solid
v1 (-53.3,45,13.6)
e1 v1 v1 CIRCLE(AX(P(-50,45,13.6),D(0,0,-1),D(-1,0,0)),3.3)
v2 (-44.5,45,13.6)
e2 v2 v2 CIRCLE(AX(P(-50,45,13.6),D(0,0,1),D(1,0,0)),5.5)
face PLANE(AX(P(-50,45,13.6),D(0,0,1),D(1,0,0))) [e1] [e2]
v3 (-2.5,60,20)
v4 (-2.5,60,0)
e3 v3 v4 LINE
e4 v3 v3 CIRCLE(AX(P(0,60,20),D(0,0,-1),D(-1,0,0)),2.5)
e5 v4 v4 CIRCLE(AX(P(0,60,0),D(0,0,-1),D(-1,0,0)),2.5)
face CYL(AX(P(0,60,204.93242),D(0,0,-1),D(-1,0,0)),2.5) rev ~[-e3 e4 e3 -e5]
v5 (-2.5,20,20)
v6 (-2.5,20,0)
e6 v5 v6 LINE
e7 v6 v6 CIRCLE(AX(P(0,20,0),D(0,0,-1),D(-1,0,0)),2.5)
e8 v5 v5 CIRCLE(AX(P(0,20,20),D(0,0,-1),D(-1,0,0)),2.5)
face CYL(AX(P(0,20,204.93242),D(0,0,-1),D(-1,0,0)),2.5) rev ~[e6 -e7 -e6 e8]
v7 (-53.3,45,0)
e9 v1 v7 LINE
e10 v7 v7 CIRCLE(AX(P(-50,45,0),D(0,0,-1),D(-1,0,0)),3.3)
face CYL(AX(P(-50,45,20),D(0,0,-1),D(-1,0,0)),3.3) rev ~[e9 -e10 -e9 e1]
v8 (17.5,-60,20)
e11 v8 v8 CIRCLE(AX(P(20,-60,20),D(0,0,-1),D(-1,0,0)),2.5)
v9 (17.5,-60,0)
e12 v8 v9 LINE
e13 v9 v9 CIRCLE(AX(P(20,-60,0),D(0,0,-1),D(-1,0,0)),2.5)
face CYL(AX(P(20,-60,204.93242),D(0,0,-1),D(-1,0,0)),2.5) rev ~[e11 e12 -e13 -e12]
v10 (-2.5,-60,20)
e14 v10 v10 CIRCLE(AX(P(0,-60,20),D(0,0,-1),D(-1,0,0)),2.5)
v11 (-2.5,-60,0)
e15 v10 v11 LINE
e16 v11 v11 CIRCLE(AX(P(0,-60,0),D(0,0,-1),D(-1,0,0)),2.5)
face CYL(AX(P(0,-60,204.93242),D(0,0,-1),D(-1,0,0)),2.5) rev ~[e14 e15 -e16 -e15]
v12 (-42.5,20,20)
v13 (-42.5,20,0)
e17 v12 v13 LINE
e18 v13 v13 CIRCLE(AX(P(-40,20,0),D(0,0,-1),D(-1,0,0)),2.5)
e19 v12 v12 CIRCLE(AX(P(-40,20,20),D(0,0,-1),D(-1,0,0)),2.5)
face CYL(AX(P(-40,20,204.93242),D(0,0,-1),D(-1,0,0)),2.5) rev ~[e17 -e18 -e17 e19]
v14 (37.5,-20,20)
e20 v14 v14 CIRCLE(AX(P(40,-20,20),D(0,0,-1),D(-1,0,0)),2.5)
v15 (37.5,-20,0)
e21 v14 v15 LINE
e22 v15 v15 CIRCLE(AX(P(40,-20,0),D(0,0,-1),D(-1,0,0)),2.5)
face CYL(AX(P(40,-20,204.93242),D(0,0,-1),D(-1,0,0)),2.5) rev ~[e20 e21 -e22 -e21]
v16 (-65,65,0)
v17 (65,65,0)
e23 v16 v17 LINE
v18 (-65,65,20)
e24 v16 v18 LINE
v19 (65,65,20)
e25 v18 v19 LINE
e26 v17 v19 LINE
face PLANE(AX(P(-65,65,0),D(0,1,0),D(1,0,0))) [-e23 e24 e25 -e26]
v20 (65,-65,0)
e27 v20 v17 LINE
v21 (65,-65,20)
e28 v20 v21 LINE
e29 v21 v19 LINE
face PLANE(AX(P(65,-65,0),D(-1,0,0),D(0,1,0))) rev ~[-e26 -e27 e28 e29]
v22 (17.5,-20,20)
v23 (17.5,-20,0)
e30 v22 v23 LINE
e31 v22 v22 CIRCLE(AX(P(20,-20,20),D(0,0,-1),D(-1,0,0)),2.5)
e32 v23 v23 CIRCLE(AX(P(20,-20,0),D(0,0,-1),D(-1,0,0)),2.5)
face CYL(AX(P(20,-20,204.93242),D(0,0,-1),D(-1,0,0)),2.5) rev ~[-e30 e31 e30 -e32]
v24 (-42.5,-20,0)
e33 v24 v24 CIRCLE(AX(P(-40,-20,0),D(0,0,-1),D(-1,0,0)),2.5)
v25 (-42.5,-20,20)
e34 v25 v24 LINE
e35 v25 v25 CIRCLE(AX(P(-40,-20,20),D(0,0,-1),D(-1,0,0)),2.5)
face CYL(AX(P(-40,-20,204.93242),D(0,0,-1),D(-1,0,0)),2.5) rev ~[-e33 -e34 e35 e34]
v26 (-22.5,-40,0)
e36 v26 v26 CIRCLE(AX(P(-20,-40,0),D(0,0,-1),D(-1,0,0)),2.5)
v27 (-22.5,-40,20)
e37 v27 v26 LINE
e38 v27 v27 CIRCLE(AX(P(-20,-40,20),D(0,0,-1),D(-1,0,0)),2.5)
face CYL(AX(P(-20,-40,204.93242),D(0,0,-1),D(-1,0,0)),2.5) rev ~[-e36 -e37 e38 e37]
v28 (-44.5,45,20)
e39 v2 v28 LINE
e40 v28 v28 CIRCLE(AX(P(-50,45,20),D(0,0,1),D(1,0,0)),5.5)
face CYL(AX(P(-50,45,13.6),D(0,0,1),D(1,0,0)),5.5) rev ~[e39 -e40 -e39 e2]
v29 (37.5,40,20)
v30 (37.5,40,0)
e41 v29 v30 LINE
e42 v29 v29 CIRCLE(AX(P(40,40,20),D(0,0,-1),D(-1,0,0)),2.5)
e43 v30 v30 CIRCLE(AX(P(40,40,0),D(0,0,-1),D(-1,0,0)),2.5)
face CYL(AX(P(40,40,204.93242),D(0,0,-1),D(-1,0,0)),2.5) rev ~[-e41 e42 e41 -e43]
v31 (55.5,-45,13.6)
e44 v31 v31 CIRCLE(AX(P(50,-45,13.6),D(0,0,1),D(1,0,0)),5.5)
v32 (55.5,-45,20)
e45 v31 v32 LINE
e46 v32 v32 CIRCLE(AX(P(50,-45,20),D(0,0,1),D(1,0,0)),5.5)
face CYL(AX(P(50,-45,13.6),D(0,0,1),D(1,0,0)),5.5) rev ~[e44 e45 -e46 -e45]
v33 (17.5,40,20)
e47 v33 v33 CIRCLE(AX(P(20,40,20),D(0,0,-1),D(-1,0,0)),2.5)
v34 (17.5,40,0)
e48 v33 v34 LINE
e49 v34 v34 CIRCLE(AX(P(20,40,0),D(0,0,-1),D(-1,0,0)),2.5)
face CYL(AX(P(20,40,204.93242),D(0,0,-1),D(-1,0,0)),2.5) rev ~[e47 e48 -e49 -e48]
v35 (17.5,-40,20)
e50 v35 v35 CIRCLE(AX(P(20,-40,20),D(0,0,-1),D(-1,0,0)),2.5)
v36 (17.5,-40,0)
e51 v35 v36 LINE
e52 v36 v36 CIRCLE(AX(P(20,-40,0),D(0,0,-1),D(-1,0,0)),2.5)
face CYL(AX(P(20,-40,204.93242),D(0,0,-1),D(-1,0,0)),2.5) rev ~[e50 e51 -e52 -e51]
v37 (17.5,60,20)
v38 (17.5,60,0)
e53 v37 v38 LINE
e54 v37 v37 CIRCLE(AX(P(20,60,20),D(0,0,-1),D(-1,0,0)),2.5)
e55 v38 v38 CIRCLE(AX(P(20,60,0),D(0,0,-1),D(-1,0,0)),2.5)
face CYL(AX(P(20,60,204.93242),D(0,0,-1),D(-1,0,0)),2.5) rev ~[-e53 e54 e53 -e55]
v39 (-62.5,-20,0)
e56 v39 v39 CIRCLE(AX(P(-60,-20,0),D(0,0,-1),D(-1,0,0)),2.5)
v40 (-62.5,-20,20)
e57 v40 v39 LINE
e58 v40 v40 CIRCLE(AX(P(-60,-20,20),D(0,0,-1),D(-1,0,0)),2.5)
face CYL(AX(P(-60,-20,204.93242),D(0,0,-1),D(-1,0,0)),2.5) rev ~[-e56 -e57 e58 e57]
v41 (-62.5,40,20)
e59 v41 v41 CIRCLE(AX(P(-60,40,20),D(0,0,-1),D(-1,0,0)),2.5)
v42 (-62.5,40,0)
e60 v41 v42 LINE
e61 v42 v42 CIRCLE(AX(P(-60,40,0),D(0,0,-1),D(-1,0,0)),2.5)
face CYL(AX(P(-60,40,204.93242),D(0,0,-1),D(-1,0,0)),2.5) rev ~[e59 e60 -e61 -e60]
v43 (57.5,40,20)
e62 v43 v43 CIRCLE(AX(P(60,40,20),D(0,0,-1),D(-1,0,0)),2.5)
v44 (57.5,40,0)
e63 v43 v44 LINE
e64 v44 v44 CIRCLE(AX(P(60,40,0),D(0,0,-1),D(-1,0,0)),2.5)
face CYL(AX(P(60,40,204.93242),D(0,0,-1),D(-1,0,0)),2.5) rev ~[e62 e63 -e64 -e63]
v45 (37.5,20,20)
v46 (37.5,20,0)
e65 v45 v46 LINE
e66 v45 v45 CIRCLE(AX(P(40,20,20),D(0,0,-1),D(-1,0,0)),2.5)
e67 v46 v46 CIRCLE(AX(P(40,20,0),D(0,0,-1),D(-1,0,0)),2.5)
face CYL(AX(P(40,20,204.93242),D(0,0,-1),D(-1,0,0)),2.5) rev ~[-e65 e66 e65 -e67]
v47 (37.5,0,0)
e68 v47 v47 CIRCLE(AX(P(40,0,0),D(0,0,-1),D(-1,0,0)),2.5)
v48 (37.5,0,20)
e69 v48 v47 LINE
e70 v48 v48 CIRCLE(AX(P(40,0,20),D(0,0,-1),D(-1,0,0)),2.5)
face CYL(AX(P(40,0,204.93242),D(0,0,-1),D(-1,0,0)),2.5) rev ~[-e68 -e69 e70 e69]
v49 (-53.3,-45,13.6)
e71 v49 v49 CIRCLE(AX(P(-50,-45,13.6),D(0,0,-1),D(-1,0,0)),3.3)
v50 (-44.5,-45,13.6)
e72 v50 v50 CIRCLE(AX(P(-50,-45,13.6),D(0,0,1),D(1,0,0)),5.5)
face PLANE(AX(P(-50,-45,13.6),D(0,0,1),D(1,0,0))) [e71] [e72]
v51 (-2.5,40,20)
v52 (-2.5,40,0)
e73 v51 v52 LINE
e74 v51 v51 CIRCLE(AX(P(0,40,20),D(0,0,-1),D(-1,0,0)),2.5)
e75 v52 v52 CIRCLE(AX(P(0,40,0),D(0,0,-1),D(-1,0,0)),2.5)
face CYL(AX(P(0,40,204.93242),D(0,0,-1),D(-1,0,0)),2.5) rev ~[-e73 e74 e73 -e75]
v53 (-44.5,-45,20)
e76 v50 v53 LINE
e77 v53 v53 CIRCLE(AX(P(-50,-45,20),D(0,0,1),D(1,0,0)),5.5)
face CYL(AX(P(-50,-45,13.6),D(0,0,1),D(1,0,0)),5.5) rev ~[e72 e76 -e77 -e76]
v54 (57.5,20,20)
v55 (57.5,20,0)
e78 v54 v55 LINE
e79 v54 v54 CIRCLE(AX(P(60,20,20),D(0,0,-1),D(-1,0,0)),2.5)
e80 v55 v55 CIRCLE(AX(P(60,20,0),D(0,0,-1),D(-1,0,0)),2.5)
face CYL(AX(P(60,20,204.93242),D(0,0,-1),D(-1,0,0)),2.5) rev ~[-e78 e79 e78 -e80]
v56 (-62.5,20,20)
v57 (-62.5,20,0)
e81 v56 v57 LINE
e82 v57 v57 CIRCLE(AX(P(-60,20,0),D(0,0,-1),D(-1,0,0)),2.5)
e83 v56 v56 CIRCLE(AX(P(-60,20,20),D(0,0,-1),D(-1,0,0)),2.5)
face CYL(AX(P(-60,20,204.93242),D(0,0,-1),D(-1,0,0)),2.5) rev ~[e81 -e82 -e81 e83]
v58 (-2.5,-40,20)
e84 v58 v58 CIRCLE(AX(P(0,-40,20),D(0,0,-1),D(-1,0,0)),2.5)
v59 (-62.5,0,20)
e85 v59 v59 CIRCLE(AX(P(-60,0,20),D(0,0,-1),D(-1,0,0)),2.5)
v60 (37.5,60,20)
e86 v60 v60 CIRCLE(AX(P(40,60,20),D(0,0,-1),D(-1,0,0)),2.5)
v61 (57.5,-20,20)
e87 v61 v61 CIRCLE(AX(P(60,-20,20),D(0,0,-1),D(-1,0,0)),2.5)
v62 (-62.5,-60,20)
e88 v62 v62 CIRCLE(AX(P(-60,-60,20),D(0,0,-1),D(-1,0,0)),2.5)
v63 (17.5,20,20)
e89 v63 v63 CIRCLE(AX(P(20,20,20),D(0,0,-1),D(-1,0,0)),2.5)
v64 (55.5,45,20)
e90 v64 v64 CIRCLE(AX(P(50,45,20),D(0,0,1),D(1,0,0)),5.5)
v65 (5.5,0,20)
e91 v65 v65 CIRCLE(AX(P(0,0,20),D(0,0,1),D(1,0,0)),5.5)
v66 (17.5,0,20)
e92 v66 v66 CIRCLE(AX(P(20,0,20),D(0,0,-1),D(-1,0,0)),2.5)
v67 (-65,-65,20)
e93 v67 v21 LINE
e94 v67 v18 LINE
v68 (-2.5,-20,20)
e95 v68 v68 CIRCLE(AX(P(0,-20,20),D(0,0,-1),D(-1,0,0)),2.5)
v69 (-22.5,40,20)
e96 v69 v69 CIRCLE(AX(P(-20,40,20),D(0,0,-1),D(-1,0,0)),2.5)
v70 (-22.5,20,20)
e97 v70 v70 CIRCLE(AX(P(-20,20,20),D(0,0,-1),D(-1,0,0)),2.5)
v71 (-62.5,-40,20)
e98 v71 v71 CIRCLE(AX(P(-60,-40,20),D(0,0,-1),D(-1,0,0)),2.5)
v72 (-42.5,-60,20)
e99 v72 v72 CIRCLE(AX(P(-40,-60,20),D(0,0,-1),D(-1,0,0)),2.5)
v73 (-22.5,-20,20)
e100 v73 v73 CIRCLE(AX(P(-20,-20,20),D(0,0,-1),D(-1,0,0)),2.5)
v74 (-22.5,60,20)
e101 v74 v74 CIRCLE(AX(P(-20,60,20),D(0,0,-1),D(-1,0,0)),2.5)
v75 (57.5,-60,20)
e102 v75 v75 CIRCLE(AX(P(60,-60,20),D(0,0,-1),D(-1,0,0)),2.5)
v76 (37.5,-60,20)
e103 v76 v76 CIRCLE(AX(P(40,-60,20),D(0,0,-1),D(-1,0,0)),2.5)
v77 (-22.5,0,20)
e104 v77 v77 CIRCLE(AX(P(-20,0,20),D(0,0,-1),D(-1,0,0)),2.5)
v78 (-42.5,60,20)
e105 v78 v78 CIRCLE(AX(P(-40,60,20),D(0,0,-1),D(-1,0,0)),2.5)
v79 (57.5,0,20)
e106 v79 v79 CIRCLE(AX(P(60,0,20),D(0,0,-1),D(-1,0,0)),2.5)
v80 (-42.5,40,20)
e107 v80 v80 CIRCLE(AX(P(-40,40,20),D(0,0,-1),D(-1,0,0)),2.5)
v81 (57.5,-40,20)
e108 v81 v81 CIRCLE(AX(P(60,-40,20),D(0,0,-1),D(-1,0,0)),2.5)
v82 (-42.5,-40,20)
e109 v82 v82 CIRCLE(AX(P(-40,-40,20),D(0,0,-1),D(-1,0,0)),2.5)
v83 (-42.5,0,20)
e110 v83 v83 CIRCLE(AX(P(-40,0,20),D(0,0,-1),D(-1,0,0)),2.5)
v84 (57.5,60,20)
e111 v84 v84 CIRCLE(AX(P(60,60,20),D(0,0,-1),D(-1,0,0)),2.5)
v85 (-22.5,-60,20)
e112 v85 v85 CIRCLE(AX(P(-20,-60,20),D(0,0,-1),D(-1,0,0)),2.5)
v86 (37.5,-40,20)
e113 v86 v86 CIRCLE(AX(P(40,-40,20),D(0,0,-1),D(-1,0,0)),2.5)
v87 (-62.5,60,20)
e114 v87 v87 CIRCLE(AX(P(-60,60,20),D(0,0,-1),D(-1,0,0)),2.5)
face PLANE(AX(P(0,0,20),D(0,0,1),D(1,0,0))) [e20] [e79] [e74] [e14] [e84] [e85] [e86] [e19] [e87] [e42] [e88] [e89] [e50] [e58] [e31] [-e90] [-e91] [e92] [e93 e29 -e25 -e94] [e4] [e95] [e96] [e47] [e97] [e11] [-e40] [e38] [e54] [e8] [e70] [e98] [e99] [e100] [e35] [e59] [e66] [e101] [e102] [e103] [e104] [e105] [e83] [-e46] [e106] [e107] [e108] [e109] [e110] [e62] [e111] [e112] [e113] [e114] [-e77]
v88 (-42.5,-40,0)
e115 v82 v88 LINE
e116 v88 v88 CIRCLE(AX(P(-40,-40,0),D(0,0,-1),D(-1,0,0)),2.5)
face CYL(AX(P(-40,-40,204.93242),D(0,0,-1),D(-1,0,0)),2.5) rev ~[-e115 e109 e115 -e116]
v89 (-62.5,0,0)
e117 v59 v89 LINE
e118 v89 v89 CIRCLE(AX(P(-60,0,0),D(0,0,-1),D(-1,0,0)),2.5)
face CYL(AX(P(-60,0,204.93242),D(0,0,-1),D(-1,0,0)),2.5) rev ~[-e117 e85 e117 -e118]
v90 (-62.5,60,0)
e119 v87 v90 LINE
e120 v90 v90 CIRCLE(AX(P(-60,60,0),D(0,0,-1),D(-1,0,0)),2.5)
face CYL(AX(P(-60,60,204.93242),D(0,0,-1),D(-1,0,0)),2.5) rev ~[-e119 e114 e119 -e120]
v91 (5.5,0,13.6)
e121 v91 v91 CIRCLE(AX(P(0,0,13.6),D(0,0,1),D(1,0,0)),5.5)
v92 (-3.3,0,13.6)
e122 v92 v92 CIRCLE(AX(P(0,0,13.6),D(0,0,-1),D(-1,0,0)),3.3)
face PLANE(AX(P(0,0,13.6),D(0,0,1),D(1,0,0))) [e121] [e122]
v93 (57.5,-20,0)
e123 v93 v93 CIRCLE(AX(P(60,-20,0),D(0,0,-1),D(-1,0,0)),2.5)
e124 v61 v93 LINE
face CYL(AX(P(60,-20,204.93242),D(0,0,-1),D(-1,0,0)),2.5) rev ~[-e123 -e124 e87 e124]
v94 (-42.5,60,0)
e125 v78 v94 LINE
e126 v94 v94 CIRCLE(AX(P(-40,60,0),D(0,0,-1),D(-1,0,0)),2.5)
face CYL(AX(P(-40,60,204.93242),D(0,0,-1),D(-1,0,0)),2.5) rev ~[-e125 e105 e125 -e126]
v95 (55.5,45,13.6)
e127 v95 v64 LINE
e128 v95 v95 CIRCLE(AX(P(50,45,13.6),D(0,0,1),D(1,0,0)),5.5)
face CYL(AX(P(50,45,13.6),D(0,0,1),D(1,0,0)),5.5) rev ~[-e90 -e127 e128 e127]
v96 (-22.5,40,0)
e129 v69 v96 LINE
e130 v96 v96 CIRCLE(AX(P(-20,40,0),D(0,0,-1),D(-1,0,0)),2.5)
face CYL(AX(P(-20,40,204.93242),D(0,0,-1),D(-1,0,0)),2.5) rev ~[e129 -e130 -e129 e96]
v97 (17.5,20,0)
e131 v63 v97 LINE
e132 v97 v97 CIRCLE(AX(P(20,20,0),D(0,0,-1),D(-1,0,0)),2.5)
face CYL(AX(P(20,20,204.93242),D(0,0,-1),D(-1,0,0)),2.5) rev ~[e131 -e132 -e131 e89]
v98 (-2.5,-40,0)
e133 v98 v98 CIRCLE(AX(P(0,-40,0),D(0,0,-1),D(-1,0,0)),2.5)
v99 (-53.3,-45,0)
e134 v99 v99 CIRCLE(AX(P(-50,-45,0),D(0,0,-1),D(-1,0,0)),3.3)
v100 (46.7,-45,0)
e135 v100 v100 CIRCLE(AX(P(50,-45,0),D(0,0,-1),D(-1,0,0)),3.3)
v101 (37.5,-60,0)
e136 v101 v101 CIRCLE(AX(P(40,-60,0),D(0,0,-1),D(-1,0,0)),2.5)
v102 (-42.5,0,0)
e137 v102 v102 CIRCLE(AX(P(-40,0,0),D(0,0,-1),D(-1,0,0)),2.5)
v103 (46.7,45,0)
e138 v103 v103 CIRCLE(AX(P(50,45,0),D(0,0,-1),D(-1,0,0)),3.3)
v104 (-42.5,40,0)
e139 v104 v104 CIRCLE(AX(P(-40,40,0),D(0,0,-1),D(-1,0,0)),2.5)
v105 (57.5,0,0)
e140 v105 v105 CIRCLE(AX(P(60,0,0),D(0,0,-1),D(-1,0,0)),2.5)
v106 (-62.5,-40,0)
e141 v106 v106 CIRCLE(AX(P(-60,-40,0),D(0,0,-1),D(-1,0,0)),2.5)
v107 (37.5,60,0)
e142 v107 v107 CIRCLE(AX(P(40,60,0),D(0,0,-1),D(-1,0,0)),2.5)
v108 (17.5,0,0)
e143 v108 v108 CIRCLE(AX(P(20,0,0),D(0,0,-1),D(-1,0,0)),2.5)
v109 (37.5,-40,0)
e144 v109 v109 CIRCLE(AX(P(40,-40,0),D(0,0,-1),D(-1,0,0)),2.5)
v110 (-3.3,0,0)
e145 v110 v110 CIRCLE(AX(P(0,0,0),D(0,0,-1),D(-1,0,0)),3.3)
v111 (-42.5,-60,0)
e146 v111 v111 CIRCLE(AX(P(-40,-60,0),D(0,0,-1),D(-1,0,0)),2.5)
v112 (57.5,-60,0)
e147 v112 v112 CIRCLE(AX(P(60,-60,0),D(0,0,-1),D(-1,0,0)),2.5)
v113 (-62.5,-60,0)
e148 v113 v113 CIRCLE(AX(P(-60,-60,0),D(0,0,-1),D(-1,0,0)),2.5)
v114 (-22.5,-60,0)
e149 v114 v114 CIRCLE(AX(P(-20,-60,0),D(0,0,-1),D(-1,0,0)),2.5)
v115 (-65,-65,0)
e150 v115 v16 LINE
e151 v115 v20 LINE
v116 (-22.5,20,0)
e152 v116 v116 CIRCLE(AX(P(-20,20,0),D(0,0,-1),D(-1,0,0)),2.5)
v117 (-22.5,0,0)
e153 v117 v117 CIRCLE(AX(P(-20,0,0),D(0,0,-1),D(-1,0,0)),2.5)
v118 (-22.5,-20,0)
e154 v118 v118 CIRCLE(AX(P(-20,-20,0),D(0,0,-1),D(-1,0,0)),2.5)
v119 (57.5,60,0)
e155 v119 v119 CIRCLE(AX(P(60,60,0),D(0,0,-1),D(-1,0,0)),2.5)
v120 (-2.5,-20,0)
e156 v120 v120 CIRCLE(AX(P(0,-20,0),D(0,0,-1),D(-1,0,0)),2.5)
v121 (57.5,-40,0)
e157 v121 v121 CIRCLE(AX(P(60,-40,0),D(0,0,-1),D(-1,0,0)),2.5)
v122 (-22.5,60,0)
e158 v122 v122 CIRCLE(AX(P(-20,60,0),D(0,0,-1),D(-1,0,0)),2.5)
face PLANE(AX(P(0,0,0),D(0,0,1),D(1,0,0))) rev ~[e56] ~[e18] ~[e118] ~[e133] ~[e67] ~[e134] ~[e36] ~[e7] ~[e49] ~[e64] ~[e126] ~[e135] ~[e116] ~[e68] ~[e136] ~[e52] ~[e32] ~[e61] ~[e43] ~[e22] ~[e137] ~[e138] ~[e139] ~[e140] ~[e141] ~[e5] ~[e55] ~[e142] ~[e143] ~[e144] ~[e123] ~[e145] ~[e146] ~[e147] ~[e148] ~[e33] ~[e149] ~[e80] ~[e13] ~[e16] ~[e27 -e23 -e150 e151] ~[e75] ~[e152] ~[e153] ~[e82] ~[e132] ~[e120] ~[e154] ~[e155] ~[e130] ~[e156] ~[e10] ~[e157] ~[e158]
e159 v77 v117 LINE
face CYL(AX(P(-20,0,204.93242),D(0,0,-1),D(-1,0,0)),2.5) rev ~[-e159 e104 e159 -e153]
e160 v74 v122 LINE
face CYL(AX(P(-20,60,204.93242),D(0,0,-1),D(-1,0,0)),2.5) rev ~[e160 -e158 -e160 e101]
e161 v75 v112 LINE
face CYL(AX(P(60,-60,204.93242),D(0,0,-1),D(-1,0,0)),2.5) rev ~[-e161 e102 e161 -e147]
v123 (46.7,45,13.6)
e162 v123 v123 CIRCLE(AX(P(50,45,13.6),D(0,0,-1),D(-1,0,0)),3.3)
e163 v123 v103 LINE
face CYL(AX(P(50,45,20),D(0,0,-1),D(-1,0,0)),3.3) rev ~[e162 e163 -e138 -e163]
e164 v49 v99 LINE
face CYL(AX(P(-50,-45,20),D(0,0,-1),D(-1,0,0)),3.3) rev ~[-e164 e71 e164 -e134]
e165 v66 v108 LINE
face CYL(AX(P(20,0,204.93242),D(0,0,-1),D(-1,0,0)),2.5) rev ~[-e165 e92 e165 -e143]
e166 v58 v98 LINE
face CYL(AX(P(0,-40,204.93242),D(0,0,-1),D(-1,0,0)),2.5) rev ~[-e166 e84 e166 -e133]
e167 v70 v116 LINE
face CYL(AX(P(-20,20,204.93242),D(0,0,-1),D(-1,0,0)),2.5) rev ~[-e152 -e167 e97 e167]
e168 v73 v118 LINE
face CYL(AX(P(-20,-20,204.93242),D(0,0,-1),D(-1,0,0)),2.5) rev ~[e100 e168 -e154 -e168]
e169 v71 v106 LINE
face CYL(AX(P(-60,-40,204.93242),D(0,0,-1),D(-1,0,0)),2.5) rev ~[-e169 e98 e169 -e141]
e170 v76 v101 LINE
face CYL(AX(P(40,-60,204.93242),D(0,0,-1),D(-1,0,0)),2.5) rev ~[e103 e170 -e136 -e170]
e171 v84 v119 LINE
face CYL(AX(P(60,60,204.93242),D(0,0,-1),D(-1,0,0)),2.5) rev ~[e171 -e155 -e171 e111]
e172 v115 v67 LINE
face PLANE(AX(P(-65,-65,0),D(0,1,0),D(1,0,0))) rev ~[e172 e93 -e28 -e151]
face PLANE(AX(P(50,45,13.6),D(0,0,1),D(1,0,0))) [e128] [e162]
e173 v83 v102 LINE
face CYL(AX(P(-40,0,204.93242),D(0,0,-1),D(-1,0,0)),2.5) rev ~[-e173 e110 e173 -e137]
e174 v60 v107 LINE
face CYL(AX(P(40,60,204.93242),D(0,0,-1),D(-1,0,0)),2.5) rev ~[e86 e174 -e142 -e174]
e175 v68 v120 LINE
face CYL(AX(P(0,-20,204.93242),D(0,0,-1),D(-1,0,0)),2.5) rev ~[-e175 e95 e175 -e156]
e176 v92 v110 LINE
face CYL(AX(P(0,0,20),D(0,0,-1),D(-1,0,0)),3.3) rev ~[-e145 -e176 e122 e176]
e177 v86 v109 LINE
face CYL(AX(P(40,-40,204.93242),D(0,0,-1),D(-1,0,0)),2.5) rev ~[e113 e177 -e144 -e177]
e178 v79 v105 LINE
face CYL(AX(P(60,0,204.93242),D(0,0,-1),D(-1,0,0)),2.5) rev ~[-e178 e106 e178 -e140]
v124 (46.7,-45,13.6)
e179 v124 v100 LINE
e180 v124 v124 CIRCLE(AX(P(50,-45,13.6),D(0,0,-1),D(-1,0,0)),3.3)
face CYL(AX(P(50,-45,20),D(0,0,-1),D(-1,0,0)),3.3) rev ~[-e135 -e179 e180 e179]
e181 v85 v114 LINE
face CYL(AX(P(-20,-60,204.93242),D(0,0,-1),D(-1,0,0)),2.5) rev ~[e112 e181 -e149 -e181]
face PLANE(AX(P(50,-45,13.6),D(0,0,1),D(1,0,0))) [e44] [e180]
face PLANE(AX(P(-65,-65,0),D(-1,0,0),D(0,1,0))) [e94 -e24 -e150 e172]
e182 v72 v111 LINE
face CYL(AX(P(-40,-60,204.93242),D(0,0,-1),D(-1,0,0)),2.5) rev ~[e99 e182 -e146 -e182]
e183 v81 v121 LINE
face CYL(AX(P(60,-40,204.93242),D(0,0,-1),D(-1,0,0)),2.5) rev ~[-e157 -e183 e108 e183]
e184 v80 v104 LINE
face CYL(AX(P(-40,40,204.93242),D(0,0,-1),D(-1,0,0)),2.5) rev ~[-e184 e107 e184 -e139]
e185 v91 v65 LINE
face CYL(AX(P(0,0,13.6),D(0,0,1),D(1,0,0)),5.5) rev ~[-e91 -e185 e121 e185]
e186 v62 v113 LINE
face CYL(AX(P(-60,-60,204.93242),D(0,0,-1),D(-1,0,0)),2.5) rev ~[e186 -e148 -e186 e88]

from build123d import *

# Parameters (mm, degrees)
SKETCH1_W                                           = 130
SKETCH1_H                                           = 130
EXTRUDE1_DEPTH                                      = 20
M6_TAPPED_HOLE1_D                                   = 5
CBORE_FOR_M6_HEX_SOCKET_HEAD_CAP_SCREW1_D           = 6.6
CBORE_FOR_M6_HEX_SOCKET_HEAD_CAP_SCREW1_CBORE_D     = 11
CBORE_FOR_M6_HEX_SOCKET_HEAD_CAP_SCREW1_CBORE_DEPTH = 6.4


with BuildPart() as part:
    # Sketch1 → Extrude1 (new body)
    with BuildSketch(Plane.XY):
        Rectangle(SKETCH1_W, SKETCH1_H)
    extrude(amount=EXTRUDE1_DEPTH)

    # M6 Tapped Hole1 (through all)
    with Locations(Plane.XY.offset(20)):
        with Locations((-60, -60), (-40, -60), (-20, -60), (0, -60), (20, -60), (40, -60), (-40, -40), (-20, -40), (0, -40), (20, -40), (40, -40), (-40, -20), (-20, -20), (0, -20), (20, -20), (40, -20), (-40, 0), (-20, 0), (0, 0), (20, 0), (40, 0), (-40, 20), (-20, 20), (0, 20), (20, 20), (40, 20), (-40, 40), (-20, 40), (0, 40), (20, 40), (40, 40), (-40, 60), (-20, 60), (0, 60), (20, 60), (40, 60), (-60, -40), (-60, -20), (-60, 0), (-60, 20), (-60, 40), (-60, 60), (60, -60), (60, -40), (60, -20), (60, 0), (60, 20), (60, 40), (60, 60)):
            Hole(M6_TAPPED_HOLE1_D / 2)

    # CBORE for M6 Hex Socket Head Cap Screw1 (through all)
    with Locations(Plane.XY.offset(20)):
        with Locations((-50, 45), (50, 45), (50, -45), (-50, -45), (0, 0)):
            CounterBoreHole(CBORE_FOR_M6_HEX_SOCKET_HEAD_CAP_SCREW1_D / 2, CBORE_FOR_M6_HEX_SOCKET_HEAD_CAP_SCREW1_CBORE_D / 2, CBORE_FOR_M6_HEX_SOCKET_HEAD_CAP_SCREW1_CBORE_DEPTH)


solid = part.part
